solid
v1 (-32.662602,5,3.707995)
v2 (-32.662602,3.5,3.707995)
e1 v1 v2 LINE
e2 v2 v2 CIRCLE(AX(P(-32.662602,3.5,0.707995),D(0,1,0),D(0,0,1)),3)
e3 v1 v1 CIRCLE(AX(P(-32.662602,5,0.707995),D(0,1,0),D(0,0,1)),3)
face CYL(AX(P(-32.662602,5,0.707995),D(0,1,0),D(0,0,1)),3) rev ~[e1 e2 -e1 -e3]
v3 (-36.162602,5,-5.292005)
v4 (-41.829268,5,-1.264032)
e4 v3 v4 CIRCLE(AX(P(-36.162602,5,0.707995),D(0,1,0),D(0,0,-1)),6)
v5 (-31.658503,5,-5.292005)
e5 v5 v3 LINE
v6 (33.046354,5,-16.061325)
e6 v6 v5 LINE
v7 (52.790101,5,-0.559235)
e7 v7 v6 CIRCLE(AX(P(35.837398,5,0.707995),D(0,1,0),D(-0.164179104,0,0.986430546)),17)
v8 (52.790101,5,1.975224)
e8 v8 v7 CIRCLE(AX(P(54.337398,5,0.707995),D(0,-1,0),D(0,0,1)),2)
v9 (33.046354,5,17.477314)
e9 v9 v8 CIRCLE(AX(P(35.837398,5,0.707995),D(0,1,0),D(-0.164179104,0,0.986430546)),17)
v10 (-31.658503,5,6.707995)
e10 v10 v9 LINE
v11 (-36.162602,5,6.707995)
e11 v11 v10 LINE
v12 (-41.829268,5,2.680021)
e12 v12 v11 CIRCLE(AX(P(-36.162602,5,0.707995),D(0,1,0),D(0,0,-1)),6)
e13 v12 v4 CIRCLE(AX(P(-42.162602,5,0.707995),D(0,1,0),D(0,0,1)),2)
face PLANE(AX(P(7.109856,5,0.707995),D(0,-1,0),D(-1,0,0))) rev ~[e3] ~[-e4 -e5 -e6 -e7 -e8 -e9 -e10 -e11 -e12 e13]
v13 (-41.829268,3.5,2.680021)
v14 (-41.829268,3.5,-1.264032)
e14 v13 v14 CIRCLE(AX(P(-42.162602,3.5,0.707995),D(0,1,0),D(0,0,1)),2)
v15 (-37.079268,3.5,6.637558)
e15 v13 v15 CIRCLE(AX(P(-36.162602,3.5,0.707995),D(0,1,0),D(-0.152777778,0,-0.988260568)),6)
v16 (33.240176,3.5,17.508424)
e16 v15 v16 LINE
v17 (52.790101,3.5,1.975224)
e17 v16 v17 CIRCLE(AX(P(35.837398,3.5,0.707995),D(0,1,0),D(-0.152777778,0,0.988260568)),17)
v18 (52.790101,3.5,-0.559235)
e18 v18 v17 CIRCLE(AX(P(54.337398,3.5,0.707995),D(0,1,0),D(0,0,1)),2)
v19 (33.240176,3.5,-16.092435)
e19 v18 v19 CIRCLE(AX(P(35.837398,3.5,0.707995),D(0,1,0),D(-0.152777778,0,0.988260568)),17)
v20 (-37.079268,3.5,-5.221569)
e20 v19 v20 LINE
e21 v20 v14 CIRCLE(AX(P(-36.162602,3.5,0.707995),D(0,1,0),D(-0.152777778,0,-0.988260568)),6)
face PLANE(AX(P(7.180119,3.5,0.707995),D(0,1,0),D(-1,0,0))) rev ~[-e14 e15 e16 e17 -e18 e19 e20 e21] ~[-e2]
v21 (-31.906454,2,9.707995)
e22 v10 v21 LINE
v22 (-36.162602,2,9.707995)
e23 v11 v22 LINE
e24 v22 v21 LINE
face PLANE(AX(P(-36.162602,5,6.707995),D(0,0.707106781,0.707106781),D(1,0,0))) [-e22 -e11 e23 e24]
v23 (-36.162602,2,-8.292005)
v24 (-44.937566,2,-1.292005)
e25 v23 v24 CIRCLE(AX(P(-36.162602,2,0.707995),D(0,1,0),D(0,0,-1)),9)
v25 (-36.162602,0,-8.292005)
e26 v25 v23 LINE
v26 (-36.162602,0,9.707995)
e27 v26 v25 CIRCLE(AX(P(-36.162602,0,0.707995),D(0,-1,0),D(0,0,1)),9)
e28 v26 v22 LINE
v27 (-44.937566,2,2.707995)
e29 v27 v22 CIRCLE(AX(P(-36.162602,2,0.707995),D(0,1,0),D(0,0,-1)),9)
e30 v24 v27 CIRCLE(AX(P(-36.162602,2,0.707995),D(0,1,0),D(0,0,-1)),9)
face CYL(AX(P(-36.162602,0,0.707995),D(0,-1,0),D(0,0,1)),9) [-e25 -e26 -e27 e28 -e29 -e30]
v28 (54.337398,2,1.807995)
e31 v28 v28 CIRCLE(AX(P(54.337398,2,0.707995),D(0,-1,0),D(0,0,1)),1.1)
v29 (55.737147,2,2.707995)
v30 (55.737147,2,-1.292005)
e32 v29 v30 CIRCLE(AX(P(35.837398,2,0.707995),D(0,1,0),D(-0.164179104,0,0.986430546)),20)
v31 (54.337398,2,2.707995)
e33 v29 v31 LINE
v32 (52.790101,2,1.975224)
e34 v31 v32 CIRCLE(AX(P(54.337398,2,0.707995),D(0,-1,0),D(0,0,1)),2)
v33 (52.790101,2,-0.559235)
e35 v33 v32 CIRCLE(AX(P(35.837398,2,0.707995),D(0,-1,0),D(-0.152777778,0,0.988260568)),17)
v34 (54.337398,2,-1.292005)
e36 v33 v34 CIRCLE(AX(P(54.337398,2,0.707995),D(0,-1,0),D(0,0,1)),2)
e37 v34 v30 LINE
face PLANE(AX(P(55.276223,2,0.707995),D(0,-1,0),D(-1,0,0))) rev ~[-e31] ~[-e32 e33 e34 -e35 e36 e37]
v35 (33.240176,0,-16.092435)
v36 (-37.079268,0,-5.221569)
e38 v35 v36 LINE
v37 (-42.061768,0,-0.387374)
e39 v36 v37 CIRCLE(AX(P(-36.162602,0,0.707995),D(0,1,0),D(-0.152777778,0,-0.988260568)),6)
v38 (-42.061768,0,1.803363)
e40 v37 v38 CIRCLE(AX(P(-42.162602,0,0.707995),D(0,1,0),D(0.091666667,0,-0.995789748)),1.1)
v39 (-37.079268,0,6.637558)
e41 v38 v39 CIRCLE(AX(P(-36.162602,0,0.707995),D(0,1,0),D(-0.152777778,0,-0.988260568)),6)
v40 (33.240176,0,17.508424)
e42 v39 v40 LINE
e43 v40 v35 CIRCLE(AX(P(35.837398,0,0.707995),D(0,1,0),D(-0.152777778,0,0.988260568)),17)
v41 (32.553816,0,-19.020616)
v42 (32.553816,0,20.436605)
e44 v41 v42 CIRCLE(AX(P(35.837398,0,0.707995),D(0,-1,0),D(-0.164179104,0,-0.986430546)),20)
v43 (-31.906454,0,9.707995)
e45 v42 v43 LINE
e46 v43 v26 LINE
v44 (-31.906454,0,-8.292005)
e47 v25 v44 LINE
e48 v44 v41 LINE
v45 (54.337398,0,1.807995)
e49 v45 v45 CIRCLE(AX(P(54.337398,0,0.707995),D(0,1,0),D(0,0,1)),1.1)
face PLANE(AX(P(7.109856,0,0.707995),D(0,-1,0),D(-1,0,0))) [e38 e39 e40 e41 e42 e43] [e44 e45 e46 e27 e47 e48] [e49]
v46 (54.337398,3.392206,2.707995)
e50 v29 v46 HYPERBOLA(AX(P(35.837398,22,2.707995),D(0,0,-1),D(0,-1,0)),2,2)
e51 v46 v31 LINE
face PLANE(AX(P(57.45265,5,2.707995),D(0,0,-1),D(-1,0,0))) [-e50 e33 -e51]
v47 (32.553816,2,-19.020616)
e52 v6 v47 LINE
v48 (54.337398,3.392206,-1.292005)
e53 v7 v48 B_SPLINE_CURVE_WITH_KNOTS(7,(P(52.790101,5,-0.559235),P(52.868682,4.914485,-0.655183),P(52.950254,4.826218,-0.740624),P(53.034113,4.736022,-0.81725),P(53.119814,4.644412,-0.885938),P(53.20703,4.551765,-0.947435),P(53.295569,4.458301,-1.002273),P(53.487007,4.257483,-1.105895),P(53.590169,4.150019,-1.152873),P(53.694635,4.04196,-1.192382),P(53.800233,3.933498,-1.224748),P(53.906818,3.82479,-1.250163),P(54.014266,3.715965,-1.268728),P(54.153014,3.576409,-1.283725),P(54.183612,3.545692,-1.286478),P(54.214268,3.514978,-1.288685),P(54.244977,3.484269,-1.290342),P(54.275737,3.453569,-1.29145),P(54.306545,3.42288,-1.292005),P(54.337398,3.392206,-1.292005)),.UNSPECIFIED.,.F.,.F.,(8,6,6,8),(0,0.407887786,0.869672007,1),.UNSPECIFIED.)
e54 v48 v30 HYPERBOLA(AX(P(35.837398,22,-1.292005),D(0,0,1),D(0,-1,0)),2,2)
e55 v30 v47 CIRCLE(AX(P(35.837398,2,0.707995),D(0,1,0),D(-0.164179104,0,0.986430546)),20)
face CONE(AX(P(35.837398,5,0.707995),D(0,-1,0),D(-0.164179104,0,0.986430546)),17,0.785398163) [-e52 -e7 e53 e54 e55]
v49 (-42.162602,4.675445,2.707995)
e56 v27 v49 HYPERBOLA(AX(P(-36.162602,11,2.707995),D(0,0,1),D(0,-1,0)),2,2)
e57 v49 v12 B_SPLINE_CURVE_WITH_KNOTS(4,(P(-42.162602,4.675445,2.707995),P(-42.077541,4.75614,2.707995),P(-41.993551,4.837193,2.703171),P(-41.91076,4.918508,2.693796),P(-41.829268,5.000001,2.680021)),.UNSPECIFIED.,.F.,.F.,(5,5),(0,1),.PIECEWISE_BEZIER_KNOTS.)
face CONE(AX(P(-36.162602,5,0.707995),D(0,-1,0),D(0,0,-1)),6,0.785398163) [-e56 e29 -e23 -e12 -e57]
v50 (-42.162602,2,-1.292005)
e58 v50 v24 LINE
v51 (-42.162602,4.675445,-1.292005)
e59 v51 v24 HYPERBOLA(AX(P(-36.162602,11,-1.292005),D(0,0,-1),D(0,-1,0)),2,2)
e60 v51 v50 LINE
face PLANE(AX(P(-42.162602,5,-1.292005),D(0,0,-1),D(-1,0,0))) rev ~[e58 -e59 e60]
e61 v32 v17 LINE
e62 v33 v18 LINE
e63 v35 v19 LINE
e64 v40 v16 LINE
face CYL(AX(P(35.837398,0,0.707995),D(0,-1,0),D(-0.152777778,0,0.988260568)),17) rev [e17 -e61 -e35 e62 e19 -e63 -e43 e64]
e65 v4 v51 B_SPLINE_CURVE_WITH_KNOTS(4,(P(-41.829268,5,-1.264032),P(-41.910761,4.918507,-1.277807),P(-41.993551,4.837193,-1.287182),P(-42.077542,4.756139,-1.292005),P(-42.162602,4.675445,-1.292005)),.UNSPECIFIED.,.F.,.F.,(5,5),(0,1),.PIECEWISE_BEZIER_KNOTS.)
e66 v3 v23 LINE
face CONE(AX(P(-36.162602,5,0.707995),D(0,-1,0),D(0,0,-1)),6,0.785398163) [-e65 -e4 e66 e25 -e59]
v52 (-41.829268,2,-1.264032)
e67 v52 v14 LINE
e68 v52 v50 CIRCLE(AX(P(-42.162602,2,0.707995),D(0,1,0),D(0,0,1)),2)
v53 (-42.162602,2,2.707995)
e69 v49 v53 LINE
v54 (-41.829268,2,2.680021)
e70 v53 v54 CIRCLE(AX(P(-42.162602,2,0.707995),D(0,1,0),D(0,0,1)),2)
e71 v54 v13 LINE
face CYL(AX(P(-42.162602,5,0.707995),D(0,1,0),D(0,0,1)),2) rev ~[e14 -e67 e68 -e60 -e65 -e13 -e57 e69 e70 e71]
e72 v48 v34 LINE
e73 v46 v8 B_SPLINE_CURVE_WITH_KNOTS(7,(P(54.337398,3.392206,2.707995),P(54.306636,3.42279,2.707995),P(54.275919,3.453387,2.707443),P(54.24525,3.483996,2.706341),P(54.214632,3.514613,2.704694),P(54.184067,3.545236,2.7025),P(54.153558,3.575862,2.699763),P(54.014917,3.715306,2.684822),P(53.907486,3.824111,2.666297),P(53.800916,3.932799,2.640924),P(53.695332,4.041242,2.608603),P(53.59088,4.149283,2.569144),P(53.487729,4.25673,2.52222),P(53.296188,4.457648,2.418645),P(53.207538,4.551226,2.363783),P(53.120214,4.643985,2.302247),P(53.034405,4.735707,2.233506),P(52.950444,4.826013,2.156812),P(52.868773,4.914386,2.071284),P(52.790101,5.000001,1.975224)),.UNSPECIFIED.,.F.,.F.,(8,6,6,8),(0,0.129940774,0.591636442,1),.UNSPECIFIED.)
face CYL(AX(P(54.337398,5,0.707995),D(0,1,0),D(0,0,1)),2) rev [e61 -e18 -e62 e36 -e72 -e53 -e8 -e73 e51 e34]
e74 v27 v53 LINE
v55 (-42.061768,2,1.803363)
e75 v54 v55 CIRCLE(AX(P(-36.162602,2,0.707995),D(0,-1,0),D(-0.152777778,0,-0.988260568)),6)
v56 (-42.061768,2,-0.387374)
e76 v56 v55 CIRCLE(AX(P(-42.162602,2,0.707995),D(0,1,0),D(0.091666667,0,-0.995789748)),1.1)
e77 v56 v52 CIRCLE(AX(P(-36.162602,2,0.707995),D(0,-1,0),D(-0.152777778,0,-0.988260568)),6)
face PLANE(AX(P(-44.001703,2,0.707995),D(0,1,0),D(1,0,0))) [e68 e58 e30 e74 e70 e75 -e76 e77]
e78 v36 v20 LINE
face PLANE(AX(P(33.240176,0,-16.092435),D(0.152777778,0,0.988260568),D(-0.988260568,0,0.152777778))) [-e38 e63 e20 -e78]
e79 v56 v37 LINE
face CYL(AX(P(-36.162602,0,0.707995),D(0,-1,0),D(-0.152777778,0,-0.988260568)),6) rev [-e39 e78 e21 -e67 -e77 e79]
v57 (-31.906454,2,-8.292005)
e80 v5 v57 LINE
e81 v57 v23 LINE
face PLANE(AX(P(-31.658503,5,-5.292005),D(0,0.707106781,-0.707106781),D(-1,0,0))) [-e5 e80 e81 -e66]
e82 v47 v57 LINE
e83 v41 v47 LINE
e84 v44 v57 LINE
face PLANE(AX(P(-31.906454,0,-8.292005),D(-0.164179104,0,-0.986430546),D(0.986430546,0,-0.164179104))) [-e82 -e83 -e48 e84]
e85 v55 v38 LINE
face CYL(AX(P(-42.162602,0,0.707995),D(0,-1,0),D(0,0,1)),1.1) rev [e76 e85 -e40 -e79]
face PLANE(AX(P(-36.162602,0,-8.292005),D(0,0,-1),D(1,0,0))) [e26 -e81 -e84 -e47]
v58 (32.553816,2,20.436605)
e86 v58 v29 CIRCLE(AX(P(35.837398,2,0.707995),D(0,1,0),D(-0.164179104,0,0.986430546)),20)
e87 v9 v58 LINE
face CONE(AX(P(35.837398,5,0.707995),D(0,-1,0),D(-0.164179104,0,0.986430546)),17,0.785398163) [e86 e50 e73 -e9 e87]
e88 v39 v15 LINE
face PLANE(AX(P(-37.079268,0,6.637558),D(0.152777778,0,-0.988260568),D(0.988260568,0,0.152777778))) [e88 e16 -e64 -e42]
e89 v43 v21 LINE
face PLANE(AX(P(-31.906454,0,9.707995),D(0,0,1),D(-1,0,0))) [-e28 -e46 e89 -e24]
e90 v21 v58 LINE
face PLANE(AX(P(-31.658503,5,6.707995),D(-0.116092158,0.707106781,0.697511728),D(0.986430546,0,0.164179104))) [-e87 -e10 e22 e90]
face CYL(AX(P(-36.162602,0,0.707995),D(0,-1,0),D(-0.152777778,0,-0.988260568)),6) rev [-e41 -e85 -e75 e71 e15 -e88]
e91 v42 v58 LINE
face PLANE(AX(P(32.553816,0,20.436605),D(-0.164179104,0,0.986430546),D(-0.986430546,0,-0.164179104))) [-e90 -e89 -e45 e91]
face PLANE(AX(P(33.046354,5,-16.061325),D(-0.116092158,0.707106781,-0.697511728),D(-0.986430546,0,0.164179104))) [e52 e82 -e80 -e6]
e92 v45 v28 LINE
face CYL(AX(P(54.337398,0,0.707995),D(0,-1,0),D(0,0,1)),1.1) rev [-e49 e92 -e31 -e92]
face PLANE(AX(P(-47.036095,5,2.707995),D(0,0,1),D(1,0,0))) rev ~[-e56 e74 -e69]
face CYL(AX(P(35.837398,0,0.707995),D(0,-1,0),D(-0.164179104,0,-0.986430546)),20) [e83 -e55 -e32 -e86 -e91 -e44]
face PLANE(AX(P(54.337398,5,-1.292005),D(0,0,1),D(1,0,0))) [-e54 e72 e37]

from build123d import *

# Parameters (mm, degrees)
SKETCH2_R           = 1.1
BOSS_EXTRUDE1_DEPTH = 5
SKETCH3_OUTSIDE_W   = 130.75
SKETCH3_OUTSIDE_H   = 69.75
CUT_EXTRUDE1_DEPTH  = 3
CUT_EXTRUDE1_DRAFT  = -45
CUT_EXTRUDE2_DEPTH  = 3
CUT_EXTRUDE3_DEPTH  = 3
SKETCH6_R           = 3
CUT_EXTRUDE4_DEPTH  = 9
CUT_EXTRUDE5_DEPTH  = 3.5


with BuildPart() as part:
    # Sketch2 → Boss-Extrude1 (new body)
    with BuildSketch(Plane(origin=(0, 0, 0), x_dir=(1, 0, 0), z_dir=(0, 1, 0))):
        with BuildLine():
            Line((-36.162601626, 8.29200542), (-31.906454434, 8.29200542))
            Line((-31.906454434, 8.29200542), (32.553816284, 19.020616336))
            ThreePointArc((32.553816284, 19.020616336), (55.837398374, -0.70799458), (32.553816284, -20.436605496))
            Line((32.553816284, -20.436605496), (-31.906454434, -9.70799458))
            Line((-31.906454434, -9.70799458), (-36.162601626, -9.70799458))
            ThreePointArc((-36.162601626, -9.70799458), (-45.162601626, -0.70799458), (-36.162601626, 8.29200542))
        make_face()
        with Locations(Location((-42.162601626, -0.70799458, 0), (0, 0, 270))):
            Circle(SKETCH2_R, mode=Mode.SUBTRACT)
        with Locations(Location((54.337398374, -0.70799458, 0), (0, 0, 270))):
            Circle(SKETCH2_R, mode=Mode.SUBTRACT)
    extrude(amount=BOSS_EXTRUDE1_DEPTH)


with BuildPart() as cut_extrude1_tool:
    # Sketch3 outside → Cut-Extrude1 (with draft: the straight prism first)
    with BuildSketch(Plane(origin=(0, 5, 0), x_dir=(1, 0, 0), z_dir=(0, 1, 0))):
        with Locations((5.337, -0.708)):
            Rectangle(SKETCH3_OUTSIDE_W, SKETCH3_OUTSIDE_H)
        with BuildLine():
            ThreePointArc((-36.162601626, 5.29200542), (-42.162601626, -0.70799458), (-36.162601626, -6.70799458))
            Line((-36.162601626, -6.70799458), (-31.658503498, -6.70799458))
            Line((-31.658503498, -6.70799458), (33.046353598, -17.477313858))
            ThreePointArc((33.046353598, -17.477313858), (52.837398374, -0.70799458), (33.046353598, 16.061324698))
            Line((33.046353598, 16.061324698), (-31.658503498, 5.29200542))
            Line((-31.658503498, 5.29200542), (-36.162601626, 5.29200542))
        make_face(mode=Mode.SUBTRACT)
    extrude(amount=-CUT_EXTRUDE1_DEPTH)
    # Cut-Extrude1: the draft: its side faces are tilted about the plane it starts from
    cut_extrude1_sides = [cut_extrude1_tool.faces().sort_by_distance(p)[0] for p in [
        (5.337, 3.5, 35.583),
        (70.712, 3.5, 0.708),
        (5.337, 3.5, -34.167),
        (-60.038, 3.5, 0.708),
        (-33.910552562, 3.5, -5.29200542),
        (0.69392505, 3.5, -10.676665059),
        (52.837398374, 3.5, 0.70799458),
        (0.69392505, 3.5, 12.092654219),
        (-33.910552562, 3.5, 6.70799458),
        (-42.162601626, 3.5, 0.70799458),
    ]]
    draft(cut_extrude1_sides, Plane(origin=(0, 5, 0), x_dir=(1, 0, 0), z_dir=(0, 1, 0)), CUT_EXTRUDE1_DRAFT)


with BuildPart() as part_1:
    add(part.part)

    # Cut-Extrude1: cut by cut_extrude1_tool
    add(cut_extrude1_tool.part, mode=Mode.SUBTRACT)

    # Sketch4 → Cut-Extrude2 (cut)
    with BuildSketch(Plane(origin=(0, 5, 0), x_dir=(1, 0, 0), z_dir=(0, 1, 0))):
        with BuildLine():
            Line((-42.162601626, 1.29200542), (-47.036094896, 1.29200542))
            Line((-47.036094896, 1.29200542), (-47.036094896, -2.70799458))
            Line((-47.036094896, -2.70799458), (-42.162601626, -2.70799458))
            ThreePointArc((-42.162601626, -2.70799458), (-40.162601626, -0.70799458), (-42.162601626, 1.29200542))
        make_face()
    extrude(amount=-CUT_EXTRUDE2_DEPTH, mode=Mode.SUBTRACT)

    # Sketch5 → Cut-Extrude3 (cut)
    with BuildSketch(Plane(origin=(0, 5, 0), x_dir=(1, 0, 0), z_dir=(0, 1, 0))):
        with BuildLine():
            Line((54.337398374, 1.29200542), (57.452649993, 1.29200542))
            Line((57.452649993, 1.29200542), (57.452649993, -2.70799458))
            Line((57.452649993, -2.70799458), (54.337398374, -2.70799458))
            ThreePointArc((54.337398374, -2.70799458), (52.337398374, -0.70799458), (54.337398374, 1.29200542))
        make_face()
    extrude(amount=-CUT_EXTRUDE3_DEPTH, mode=Mode.SUBTRACT)

    # Sketch6 → Cut-Extrude4 (cut)
    with BuildSketch(Plane(origin=(0, 5, 0), x_dir=(1, 0, 0), z_dir=(0, 1, 0))):
        with Locations(Location((-32.662601626, -0.70799458, 0), (0, 0, 270))):
            Circle(SKETCH6_R)
    extrude(amount=-CUT_EXTRUDE4_DEPTH, mode=Mode.SUBTRACT)

    # Sketch7 → Cut-Extrude5 (cut)
    with BuildSketch(Plane.XZ):
        with BuildLine():
            Line((-37.079268293, 6.637557989), (33.240176152, 17.508424239))
            ThreePointArc((33.240176152, 17.508424239), (52.837398374, 0.70799458), (33.240176152, -16.092435079))
            Line((33.240176152, -16.092435079), (-37.079268293, -5.221568829))
            ThreePointArc((-37.079268293, -5.221568829), (-42.162601626, 0.70799458), (-37.079268293, 6.637557989))
        make_face()
    extrude(amount=-CUT_EXTRUDE5_DEPTH, mode=Mode.SUBTRACT)


solid = part_1.part
